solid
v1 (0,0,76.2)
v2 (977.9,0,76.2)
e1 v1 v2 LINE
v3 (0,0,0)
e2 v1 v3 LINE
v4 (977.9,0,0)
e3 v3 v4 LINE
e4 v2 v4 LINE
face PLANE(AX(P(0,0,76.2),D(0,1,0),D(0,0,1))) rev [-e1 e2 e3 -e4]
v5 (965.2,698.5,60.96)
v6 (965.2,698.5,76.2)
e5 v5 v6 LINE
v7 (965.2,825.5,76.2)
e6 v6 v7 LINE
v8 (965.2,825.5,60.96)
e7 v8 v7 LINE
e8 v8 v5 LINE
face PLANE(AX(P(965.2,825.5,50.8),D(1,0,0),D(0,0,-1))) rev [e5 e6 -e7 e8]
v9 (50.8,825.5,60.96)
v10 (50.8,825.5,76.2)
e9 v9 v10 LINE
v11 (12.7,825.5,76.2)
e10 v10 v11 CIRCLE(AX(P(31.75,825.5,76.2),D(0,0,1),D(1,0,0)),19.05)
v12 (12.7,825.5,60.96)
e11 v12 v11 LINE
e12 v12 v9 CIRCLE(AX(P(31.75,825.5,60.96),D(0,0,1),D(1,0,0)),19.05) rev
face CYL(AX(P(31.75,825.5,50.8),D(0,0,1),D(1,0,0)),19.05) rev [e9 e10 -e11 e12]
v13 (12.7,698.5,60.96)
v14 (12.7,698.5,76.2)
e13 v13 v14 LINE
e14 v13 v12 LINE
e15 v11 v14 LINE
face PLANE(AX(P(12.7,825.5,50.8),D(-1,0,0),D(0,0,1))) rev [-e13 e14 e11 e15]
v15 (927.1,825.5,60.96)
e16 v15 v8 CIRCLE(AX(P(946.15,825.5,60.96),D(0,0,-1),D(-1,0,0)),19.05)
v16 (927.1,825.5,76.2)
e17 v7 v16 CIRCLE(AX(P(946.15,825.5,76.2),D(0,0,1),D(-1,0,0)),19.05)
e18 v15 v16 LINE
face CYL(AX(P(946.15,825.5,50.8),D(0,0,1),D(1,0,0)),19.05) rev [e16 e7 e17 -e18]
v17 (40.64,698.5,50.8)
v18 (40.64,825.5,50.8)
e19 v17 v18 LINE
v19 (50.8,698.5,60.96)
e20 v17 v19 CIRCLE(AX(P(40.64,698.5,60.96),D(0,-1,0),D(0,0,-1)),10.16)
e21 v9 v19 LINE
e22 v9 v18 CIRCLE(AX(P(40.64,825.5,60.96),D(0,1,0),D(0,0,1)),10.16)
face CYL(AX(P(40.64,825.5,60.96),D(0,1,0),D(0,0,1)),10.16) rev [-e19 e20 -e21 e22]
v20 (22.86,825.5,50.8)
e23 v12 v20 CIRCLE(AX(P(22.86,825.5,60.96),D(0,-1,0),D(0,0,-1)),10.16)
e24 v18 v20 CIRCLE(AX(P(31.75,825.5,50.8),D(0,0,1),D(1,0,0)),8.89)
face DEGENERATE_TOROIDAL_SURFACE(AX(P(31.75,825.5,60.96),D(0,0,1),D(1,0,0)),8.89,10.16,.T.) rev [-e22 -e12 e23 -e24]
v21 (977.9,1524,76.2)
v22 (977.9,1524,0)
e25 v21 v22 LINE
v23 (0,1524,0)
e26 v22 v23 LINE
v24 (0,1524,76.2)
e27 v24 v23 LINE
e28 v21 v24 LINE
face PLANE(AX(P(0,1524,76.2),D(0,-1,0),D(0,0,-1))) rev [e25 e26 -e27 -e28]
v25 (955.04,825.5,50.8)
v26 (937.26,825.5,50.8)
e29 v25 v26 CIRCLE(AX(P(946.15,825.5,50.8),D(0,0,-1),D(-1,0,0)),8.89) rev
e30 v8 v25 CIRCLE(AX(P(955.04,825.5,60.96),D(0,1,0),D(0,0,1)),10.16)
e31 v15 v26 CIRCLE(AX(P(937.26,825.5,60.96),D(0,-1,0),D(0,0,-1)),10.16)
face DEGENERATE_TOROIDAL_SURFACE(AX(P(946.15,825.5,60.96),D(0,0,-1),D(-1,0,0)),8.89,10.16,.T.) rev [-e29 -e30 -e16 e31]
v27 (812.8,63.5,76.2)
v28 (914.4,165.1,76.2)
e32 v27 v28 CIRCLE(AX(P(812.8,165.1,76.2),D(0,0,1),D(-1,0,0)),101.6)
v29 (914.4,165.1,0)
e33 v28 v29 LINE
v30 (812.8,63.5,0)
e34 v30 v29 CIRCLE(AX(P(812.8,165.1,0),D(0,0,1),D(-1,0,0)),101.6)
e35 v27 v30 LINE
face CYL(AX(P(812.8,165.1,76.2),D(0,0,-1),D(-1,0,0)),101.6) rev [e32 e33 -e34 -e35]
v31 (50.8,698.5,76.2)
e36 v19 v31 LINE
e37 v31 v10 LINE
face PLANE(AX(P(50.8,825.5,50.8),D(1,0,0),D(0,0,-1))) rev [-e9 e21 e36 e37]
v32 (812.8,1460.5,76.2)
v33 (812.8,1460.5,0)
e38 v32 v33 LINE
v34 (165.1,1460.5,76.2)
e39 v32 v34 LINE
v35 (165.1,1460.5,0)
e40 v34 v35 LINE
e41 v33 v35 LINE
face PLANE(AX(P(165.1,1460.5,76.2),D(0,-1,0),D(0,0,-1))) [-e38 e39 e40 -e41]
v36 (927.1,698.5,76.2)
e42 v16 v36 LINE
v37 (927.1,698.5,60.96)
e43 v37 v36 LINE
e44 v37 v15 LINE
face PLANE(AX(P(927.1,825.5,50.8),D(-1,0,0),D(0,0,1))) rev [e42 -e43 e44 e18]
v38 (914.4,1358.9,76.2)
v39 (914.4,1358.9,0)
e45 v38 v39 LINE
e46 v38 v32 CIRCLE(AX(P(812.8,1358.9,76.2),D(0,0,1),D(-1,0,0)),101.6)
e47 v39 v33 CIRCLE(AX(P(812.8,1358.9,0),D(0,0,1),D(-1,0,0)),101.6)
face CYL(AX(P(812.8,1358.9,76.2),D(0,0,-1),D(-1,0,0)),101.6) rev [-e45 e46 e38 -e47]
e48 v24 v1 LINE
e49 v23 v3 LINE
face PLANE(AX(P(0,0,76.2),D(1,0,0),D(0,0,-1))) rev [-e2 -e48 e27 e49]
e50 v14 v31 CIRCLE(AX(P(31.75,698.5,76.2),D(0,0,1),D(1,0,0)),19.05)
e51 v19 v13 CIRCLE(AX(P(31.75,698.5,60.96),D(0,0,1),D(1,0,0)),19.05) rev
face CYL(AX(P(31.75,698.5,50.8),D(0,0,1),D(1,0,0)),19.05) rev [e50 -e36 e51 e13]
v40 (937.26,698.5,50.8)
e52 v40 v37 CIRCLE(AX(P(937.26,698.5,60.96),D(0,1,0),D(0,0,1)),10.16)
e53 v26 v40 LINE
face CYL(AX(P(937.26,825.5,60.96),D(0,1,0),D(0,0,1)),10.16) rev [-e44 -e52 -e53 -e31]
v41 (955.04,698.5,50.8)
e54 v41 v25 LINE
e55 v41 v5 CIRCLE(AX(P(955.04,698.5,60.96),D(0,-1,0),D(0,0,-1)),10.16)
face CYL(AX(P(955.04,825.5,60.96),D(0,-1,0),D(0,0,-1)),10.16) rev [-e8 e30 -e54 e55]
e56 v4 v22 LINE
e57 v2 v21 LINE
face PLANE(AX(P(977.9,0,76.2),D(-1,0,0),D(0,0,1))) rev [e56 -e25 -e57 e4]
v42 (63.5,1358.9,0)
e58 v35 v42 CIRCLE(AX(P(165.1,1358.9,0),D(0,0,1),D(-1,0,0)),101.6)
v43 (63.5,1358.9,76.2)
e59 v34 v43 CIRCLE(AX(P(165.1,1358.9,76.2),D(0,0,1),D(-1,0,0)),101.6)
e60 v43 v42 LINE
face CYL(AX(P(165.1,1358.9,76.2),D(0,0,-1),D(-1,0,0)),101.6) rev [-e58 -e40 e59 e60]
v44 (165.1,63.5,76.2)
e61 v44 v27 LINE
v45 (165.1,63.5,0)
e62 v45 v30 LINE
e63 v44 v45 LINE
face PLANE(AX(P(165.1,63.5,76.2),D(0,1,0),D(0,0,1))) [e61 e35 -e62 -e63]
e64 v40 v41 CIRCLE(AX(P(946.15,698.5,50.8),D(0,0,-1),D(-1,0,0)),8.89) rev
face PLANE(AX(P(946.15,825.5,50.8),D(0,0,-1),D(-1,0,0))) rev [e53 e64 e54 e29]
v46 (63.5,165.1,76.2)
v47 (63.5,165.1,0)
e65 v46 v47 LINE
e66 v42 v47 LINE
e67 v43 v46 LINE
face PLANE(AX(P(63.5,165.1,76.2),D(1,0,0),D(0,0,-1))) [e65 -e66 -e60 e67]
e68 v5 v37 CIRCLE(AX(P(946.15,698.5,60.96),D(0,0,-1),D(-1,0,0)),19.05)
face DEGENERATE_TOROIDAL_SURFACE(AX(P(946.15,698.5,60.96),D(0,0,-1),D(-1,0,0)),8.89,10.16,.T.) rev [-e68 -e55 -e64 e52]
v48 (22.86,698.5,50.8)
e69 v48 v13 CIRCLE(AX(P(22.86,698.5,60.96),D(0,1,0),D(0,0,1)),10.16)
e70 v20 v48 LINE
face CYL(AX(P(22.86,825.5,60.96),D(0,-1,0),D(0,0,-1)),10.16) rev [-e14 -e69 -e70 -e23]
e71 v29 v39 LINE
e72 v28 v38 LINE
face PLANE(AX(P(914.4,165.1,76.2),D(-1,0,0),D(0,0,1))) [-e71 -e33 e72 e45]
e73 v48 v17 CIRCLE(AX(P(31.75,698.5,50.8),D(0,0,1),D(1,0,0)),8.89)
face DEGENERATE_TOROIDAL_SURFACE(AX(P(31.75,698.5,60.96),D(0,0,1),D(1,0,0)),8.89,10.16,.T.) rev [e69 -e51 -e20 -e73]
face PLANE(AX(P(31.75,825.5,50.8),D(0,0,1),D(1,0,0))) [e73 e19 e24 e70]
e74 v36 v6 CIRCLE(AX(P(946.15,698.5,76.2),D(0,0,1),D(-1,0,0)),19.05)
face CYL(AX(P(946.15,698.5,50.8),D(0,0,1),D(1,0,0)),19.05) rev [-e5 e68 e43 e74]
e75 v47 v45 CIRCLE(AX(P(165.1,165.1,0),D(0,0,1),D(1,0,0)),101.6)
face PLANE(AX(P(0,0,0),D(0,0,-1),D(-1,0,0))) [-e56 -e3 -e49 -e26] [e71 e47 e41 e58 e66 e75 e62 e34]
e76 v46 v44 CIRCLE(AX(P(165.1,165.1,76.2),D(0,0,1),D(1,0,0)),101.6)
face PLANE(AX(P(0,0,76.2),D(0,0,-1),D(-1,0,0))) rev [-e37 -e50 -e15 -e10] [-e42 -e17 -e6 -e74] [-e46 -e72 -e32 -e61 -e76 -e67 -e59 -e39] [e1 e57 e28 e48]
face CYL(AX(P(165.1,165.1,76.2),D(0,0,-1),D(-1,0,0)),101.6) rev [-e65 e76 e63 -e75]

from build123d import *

# Parameters (mm, degrees)
SKETCH1_W           = 977.9
SKETCH1_H           = 1524
BOSS_EXTRUDE1_DEPTH = 76.2
CUT_EXTRUDE1_DEPTH  = 25.4
FILLET1_R           = 10.16


with BuildPart() as part:
    # Sketch1 → Boss-Extrude1 (new body)
    with BuildSketch(Plane.XY):
        with Locations((488.95, 762)):
            Rectangle(SKETCH1_W, SKETCH1_H)
        with BuildLine():
            Line((63.5, 165.1), (63.5, 1358.9))
            ThreePointArc((63.5, 1358.9), (93.257951031, 1430.742048969), (165.1, 1460.5))
            Line((165.1, 1460.5), (812.8, 1460.5))
            ThreePointArc((812.8, 1460.5), (884.642048969, 1430.742048969), (914.4, 1358.9))
            Line((914.4, 1358.9), (914.4, 165.1))
            ThreePointArc((914.4, 165.1), (884.642048969, 93.257951031), (812.8, 63.5))
            Line((812.8, 63.5), (165.1, 63.5))
            ThreePointArc((165.1, 63.5), (93.257951031, 93.257951031), (63.5, 165.1))
        make_face(mode=Mode.SUBTRACT)
    extrude(amount=BOSS_EXTRUDE1_DEPTH)

    # Sketch2 → Cut-Extrude1 (cut)
    with BuildSketch(Plane.XY.offset(76.2)):
        with BuildLine():
            Line((50.8, 825.5), (50.8, 698.5))
            ThreePointArc((50.8, 698.5), (31.75, 679.45), (12.7, 698.5))
            Line((12.7, 698.5), (12.7, 825.5))
            ThreePointArc((12.7, 825.5), (31.75, 844.55), (50.8, 825.5))
        make_face()
        with BuildLine():
            Line((927.1, 825.5), (927.1, 698.5))
            ThreePointArc((927.1, 698.5), (946.15, 679.45), (965.2, 698.5))
            Line((965.2, 698.5), (965.2, 825.5))
            ThreePointArc((965.2, 825.5), (946.15, 844.55), (927.1, 825.5))
        make_face()
    extrude(amount=-CUT_EXTRUDE1_DEPTH, mode=Mode.SUBTRACT)

    # Fillet1
    fillet1_edges = [part.edges().sort_by_distance(p)[0] for p in [
        (31.75, 844.55, 50.8),
        (50.8, 762, 50.8),
        (31.75, 679.45, 50.8),
        (12.7, 762, 50.8),
        (946.15, 844.55, 50.8),
        (965.2, 762, 50.8),
        (946.15, 679.45, 50.8),
        (927.1, 762, 50.8),
    ]]
    fillet(fillet1_edges, radius=FILLET1_R)


solid = part.part
